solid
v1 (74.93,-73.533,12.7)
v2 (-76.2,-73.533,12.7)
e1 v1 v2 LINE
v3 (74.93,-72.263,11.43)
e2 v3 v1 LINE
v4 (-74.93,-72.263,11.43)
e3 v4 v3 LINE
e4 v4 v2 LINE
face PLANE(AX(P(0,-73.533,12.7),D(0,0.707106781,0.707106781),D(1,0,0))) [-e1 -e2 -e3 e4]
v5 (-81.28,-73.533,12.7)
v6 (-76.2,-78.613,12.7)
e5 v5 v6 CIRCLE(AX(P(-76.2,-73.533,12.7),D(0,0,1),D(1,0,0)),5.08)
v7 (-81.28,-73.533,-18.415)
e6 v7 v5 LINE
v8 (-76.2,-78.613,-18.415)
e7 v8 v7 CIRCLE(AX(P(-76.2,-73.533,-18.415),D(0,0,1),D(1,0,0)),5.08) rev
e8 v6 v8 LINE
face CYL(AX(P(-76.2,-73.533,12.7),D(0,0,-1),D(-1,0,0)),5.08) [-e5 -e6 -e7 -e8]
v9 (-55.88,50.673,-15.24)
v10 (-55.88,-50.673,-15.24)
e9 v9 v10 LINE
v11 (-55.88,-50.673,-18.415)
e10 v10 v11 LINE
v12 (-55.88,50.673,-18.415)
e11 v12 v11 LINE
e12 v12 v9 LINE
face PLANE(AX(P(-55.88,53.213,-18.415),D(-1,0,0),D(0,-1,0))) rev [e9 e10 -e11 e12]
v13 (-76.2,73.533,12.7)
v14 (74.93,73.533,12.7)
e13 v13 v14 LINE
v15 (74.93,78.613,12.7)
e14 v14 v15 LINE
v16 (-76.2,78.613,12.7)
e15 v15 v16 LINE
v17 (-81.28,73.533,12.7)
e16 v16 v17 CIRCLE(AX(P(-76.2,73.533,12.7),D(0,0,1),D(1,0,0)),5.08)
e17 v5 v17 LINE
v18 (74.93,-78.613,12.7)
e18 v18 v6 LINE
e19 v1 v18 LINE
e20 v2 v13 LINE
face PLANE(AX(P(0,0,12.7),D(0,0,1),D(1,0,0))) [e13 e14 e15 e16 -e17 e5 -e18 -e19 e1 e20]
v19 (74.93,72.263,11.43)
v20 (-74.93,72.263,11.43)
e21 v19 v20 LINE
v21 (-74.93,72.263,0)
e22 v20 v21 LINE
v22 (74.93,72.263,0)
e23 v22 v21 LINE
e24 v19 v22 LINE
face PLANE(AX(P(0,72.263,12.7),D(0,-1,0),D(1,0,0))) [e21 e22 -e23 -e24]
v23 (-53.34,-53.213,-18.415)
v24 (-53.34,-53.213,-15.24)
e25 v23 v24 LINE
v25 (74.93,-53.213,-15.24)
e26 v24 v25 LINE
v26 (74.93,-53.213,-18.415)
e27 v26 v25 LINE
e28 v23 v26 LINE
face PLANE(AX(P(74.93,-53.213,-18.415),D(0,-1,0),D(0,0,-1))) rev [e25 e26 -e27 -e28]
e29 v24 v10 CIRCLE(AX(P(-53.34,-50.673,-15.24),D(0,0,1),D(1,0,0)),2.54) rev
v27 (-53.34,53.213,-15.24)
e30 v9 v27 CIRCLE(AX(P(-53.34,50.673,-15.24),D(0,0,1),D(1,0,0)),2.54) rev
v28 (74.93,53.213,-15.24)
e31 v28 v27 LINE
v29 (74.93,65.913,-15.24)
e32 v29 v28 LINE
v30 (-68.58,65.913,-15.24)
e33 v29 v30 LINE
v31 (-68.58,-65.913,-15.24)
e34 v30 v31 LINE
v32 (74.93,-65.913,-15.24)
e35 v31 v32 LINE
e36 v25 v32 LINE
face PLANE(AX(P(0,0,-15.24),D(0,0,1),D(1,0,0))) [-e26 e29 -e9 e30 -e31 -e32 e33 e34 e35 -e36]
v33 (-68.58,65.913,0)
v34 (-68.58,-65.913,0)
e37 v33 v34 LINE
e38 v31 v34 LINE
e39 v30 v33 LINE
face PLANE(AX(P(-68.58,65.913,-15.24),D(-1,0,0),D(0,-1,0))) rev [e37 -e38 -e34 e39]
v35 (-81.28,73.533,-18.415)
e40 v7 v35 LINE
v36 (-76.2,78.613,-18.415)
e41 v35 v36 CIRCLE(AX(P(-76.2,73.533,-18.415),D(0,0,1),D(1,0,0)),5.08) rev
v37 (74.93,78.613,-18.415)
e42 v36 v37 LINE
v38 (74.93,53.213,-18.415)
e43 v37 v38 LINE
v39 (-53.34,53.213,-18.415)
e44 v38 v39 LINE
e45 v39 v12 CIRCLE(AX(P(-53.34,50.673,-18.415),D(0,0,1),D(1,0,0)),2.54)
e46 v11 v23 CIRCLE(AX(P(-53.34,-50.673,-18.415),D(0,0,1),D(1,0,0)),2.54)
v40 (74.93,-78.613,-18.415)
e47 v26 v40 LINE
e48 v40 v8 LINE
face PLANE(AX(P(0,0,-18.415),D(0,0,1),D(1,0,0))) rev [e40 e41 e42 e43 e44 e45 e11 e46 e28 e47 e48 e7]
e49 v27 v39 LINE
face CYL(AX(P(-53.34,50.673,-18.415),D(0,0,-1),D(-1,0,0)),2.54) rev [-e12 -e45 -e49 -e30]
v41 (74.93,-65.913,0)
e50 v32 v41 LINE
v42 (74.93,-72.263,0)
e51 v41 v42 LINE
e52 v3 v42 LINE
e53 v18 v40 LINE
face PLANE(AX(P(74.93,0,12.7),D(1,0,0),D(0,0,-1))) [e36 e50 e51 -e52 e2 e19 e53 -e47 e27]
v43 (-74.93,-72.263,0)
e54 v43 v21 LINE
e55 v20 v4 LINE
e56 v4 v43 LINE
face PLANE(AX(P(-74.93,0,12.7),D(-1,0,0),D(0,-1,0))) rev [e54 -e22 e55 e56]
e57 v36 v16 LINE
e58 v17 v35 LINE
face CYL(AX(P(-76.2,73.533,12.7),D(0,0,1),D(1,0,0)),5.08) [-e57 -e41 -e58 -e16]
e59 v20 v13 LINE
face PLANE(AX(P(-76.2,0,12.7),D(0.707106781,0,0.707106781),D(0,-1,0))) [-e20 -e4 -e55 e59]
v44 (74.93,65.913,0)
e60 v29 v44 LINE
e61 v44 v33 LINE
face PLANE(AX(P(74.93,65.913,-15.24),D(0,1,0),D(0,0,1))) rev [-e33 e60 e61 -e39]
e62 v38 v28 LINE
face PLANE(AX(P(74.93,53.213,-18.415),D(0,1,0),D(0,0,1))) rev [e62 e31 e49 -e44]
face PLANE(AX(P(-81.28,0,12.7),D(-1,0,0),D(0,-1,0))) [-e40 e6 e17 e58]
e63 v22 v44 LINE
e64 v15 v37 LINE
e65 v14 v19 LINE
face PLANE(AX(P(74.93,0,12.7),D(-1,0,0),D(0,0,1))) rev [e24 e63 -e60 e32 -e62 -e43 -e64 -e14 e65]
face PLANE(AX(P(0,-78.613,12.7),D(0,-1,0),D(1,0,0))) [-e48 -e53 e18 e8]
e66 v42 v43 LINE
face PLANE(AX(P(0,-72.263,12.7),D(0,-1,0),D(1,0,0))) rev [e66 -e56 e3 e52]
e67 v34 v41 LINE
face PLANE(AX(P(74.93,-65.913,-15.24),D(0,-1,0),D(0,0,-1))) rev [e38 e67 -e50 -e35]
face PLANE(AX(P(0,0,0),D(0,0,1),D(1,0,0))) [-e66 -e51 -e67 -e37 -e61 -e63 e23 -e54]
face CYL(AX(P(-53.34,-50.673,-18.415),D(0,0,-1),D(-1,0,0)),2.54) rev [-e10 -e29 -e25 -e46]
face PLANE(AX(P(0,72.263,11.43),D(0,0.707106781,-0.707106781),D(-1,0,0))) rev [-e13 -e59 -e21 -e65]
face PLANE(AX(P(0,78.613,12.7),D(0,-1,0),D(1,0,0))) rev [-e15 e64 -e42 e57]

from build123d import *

# Parameters (mm, degrees)
BOSS_EXTRUDE1_DEPTH = 12.7
BOSS_EXTRUDE2_DEPTH = 15.24
BOSS_EXTRUDE3_DEPTH = 3.175
FILLET1_R           = 5.08
FILLET3_R           = 2.54
CHAMFER2_SIZE       = 1.27


with BuildPart() as part:
    # Sketch1 → Boss-Extrude1 (new body)
    with BuildSketch(Plane.XY):
        Polygon((74.93, -72.263), (74.93, -78.613), (-81.28, -78.613), (-81.28, 78.613), (74.93, 78.613), (74.93, 72.263), (-74.93, 72.263), (-74.93, -72.263), align=None)
    extrude(amount=BOSS_EXTRUDE1_DEPTH)

    # Sketch2 → Boss-Extrude2 (add)
    with BuildSketch(Plane(origin=(0, 0, 0), x_dir=(-1, 0, 0), z_dir=(0, 0, -1))):
        Polygon((-74.93, -65.913), (-74.93, -78.613), (81.28, -78.613), (81.28, 78.613), (-74.93, 78.613), (-74.93, 65.913), (68.58, 65.913), (68.58, -65.913), align=None)
    extrude(amount=BOSS_EXTRUDE2_DEPTH)

    # Sketch3 → Boss-Extrude3 (add)
    with BuildSketch(Plane(origin=(0, 0, -15.24), x_dir=(-1, 0, 0), z_dir=(0, 0, -1))):
        Polygon((-74.93, -53.213), (-74.93, -78.613), (81.28, -78.613), (81.28, 78.613), (-74.93, 78.613), (-74.93, 53.213), (55.88, 53.213), (55.88, -53.213), align=None)
    extrude(amount=BOSS_EXTRUDE3_DEPTH)

    # Fillet1
    fillet1_edges = [part.edges().sort_by_distance(p)[0] for p in [
        (-81.28, -78.613, -2.8575),
        (-81.28, 78.613, -2.8575),
    ]]
    fillet(fillet1_edges, radius=FILLET1_R)

    # Fillet3
    fillet3_edges = [part.edges().sort_by_distance(p)[0] for p in [
        (-55.88, 53.213, -16.8275),
        (-55.88, -53.213, -16.8275),
    ]]
    fillet(fillet3_edges, radius=FILLET3_R)

    # Chamfer2
    chamfer2_edges = [part.edges().sort_by_distance(p)[0] for p in [
        (0, -72.263, 12.7),
        (-74.93, 0, 12.7),
        (0, 72.263, 12.7),
    ]]
    chamfer(chamfer2_edges, length=CHAMFER2_SIZE)


solid = part.part
